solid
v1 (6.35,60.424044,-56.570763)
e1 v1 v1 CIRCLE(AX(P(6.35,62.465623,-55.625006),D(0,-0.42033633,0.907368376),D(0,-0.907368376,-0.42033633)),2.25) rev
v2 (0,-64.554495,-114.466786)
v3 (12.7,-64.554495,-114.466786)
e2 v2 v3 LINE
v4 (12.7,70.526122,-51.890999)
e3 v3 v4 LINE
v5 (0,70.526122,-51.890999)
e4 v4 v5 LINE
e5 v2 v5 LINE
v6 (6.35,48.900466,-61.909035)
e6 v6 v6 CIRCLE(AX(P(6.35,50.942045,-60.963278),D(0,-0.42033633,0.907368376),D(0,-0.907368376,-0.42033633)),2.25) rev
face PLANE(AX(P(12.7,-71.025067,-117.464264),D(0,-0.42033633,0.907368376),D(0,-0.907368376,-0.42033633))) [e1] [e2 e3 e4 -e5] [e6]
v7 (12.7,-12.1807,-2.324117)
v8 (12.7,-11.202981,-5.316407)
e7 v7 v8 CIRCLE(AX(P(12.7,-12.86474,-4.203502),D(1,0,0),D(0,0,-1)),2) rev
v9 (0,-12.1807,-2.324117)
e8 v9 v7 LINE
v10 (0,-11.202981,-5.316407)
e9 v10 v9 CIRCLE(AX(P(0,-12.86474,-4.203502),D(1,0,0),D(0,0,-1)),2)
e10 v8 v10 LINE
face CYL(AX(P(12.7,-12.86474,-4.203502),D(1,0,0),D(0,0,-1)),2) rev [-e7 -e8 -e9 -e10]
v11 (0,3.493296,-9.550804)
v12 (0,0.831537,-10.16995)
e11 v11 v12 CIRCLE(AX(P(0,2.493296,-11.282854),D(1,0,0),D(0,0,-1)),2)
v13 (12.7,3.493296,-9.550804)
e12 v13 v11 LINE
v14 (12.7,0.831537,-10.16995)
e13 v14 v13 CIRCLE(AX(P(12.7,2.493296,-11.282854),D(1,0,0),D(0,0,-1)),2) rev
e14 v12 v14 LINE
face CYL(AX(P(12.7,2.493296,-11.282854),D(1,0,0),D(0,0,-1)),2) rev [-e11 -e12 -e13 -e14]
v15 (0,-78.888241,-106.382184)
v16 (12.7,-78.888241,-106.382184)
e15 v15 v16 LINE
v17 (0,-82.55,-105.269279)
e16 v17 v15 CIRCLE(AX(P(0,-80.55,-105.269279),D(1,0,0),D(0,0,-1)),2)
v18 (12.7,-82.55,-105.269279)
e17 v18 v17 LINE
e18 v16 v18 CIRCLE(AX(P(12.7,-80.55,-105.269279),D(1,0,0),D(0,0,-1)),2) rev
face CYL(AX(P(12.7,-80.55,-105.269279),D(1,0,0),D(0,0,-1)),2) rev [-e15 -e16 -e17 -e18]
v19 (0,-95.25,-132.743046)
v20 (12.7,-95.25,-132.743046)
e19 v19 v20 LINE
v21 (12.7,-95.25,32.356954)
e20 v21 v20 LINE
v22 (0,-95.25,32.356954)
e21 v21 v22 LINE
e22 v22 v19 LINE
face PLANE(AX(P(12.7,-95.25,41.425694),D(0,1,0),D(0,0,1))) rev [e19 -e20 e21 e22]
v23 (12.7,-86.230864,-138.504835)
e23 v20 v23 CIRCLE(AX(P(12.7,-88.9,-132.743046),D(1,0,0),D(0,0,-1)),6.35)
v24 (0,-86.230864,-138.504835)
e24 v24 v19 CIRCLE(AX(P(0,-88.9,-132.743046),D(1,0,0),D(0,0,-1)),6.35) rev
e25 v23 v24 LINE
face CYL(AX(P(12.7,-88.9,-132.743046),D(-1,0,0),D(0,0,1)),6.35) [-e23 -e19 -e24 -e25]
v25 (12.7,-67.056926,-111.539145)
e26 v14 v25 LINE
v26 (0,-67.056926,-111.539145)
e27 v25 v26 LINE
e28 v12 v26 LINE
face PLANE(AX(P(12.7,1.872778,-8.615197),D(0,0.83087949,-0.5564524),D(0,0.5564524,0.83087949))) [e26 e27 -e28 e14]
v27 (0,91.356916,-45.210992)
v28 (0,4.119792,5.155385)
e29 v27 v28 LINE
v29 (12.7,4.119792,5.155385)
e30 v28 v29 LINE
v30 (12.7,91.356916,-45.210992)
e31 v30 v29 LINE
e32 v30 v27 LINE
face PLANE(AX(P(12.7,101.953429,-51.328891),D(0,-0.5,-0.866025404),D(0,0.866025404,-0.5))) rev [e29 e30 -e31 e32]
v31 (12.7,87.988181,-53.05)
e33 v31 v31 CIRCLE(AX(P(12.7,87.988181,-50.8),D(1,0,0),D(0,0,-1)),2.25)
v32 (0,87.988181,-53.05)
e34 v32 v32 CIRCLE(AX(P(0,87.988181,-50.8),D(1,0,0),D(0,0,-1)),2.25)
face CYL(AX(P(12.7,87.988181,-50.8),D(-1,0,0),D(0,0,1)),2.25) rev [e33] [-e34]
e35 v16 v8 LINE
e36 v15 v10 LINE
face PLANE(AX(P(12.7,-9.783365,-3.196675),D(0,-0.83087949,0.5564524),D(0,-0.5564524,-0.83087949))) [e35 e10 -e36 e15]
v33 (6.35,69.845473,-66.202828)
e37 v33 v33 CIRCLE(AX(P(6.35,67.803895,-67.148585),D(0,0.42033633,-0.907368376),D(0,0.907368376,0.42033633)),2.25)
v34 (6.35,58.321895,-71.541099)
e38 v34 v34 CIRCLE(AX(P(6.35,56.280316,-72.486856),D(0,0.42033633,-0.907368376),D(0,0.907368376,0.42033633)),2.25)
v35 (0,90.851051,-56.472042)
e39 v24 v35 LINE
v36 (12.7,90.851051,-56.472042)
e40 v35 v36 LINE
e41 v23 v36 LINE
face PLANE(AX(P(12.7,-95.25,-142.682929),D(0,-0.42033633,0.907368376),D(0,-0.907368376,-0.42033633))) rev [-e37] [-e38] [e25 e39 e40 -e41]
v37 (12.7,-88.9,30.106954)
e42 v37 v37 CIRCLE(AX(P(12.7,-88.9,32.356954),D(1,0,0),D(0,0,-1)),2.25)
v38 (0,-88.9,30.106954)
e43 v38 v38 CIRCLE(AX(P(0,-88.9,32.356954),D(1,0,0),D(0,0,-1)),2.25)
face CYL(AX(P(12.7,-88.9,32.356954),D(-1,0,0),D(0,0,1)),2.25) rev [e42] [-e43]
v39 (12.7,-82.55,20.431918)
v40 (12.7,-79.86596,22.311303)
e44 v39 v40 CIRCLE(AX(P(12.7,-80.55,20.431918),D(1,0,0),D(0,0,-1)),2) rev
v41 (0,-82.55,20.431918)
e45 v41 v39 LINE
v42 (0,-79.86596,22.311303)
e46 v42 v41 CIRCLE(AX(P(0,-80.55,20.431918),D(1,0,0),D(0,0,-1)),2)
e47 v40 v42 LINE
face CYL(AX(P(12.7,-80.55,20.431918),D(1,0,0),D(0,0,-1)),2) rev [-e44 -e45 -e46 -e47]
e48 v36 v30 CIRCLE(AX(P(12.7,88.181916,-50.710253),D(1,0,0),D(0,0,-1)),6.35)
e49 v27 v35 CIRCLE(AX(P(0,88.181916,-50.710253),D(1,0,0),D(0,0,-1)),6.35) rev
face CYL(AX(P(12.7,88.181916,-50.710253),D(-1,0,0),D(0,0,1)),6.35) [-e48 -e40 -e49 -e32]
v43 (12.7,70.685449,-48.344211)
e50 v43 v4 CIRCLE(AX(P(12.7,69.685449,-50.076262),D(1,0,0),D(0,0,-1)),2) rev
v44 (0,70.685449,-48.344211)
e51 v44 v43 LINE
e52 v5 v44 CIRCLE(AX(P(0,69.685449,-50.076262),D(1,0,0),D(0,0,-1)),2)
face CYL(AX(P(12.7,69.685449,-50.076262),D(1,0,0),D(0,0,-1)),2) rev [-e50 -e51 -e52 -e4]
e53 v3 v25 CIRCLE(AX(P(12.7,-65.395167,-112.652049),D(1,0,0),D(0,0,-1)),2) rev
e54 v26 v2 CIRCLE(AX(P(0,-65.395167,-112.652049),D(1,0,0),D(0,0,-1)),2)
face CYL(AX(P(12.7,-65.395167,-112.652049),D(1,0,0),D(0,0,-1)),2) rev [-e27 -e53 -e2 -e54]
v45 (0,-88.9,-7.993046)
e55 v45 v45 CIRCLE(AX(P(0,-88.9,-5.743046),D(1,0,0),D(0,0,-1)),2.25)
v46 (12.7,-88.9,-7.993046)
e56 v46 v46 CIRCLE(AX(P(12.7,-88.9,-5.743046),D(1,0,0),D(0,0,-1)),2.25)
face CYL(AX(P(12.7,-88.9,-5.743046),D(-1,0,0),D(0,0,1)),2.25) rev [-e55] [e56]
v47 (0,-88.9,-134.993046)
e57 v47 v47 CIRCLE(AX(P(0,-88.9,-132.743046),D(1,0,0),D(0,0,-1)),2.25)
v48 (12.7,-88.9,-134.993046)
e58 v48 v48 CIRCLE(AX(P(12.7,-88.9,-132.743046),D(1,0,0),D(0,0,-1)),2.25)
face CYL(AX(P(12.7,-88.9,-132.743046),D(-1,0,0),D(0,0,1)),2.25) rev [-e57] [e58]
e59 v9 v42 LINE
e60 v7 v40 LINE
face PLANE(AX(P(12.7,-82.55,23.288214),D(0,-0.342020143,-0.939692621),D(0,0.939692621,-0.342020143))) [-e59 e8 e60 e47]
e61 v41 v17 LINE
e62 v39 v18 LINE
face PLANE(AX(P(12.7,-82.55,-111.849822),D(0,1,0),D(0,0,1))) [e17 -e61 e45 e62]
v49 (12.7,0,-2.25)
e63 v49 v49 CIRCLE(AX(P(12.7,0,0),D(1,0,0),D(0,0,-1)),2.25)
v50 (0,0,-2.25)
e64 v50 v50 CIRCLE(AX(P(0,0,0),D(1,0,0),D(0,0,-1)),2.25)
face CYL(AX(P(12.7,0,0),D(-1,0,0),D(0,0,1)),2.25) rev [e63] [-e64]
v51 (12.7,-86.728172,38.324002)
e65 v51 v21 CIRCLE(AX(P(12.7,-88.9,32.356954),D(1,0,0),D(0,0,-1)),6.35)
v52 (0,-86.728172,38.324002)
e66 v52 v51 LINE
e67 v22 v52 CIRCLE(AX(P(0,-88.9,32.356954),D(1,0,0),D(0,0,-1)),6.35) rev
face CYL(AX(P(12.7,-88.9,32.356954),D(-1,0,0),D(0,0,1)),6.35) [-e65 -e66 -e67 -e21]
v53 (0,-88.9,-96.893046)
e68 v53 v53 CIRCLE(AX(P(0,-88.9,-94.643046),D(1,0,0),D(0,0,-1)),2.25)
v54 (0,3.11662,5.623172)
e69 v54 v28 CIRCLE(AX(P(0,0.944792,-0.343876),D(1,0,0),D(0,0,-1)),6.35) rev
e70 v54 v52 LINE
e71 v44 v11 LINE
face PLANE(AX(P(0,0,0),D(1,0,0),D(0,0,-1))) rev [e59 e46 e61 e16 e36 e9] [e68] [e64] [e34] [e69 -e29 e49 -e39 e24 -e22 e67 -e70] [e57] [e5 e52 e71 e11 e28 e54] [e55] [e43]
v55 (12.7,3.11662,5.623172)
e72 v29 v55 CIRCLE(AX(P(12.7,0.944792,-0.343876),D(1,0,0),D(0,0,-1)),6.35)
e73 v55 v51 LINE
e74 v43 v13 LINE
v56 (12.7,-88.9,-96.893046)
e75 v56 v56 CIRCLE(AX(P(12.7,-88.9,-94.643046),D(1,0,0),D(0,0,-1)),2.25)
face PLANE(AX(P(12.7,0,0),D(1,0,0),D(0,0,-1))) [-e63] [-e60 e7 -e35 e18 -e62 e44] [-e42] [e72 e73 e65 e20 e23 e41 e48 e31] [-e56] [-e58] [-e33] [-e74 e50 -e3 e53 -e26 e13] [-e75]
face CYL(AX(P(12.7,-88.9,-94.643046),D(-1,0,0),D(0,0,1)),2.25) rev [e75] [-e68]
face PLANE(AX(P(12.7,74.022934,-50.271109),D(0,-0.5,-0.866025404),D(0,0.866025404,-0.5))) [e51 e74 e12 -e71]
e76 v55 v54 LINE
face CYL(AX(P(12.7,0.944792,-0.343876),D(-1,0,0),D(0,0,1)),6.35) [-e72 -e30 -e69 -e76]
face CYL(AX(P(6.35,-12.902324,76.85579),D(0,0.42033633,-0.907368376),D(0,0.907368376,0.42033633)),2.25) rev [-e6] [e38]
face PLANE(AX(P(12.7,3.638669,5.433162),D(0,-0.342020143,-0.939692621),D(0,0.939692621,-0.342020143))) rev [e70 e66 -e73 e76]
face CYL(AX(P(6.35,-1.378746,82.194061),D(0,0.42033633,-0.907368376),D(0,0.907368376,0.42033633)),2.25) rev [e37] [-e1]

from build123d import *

# Parameters (mm, degrees)
SKETCH2_R           = 2.25
BOSS_EXTRUDE1_DEPTH = 12.7
FILLET1_R           = 6.35
FILLET2_R           = 2
CUT_EXTRUDE1_REACH  = 181.366
SKETCH3_R           = 2.25


with BuildPart() as part:
    # Sketch2 → Boss-Extrude1 (new body)
    with BuildSketch(Plane(origin=(0, 0, 0), x_dir=(0, 0, -1), z_dir=(1, 0, 0))):
        Polygon((-41.425693669, -95.25), (142.682929389, -95.25), (51.328891162, 101.953428549), (-5.433161507, 3.638669384), align=None)
        Circle(SKETCH2_R, mode=Mode.SUBTRACT)
        with Locations((50.8, 87.988181024)):
            Circle(SKETCH2_R, mode=Mode.SUBTRACT)
        with Locations((-32.356953826, -88.9)):
            Circle(SKETCH2_R, mode=Mode.SUBTRACT)
        with Locations((132.743046174, -88.9)):
            Circle(SKETCH2_R, mode=Mode.SUBTRACT)
        with Locations((5.743046174, -88.9)):
            Circle(SKETCH2_R, mode=Mode.SUBTRACT)
        with Locations((94.643046174, -88.9)):
            Circle(SKETCH2_R, mode=Mode.SUBTRACT)
        Polygon((-23.288213983, -82.55), (3.196675109, -9.783365262), (111.849821959, -82.55), align=None, mode=Mode.SUBTRACT)
        Polygon((8.615197161, 1.87277804), (117.46426423, -71.025067394), (50.271108838, 74.0229335), align=None, mode=Mode.SUBTRACT)
    extrude(amount=BOSS_EXTRUDE1_DEPTH)

    # Fillet1
    fillet1_edges = [part.edges().sort_by_distance(p)[0] for p in [
        (6.35, 3.638669384, 5.433161507),
        (6.35, 101.953428549, -51.328891162),
        (6.35, -95.25, -142.682929389),
        (6.35, -95.25, 41.425693669),
    ]]
    fillet(fillet1_edges, radius=FILLET1_R)

    # Fillet2
    fillet2_edges = [part.edges().sort_by_distance(p)[0] for p in [
        (6.35, -82.55, 23.288213983),
        (6.35, -82.55, -111.849821959),
        (6.35, -9.783365262, -3.196675109),
        (6.35, 74.0229335, -50.271108838),
        (6.35, 1.87277804, -8.615197161),
        (6.35, -71.025067394, -117.46426423),
    ]]
    fillet(fillet2_edges, radius=FILLET2_R)

    # Sketch3 → Cut-Extrude1 (cut, up to next)
    with BuildSketch(Plane(origin=(0, 37.590233469, -81.144994396), x_dir=(-1, 0, 0), z_dir=(0, 0.4203363295122346, -0.9073683761803595)), mode=Mode.PRIVATE) as cut_extrude1_sk1:
        with Locations(Location((-6.35, 33.298120023, 0), (0, 0, 90))):
            Circle(SKETCH3_R)
    cut_extrude1_tool1 = extrude(cut_extrude1_sk1.sketch, amount=-CUT_EXTRUDE1_REACH, mode=Mode.PRIVATE) & part.part
    # Sketch3 → Cut-Extrude1 (cut, up to next)
    with BuildSketch(Plane(origin=(0, 37.590233469, -81.144994396), x_dir=(-1, 0, 0), z_dir=(0, 0.4203363295122346, -0.9073683761803595)), mode=Mode.PRIVATE) as cut_extrude1_sk2:
        with Locations(Location((-6.35, 20.598120023, 0), (0, 0, 90))):
            Circle(SKETCH3_R)
    cut_extrude1_tool2 = extrude(cut_extrude1_sk2.sketch, amount=-CUT_EXTRUDE1_REACH, mode=Mode.PRIVATE) & part.part
    add(cut_extrude1_tool1.solids().sort_by_distance((6.35, 67.803895, -67.148585))[0], mode=Mode.SUBTRACT)
    add(cut_extrude1_tool2.solids().sort_by_distance((6.35, 56.280316, -72.486856))[0], mode=Mode.SUBTRACT)


solid = part.part
